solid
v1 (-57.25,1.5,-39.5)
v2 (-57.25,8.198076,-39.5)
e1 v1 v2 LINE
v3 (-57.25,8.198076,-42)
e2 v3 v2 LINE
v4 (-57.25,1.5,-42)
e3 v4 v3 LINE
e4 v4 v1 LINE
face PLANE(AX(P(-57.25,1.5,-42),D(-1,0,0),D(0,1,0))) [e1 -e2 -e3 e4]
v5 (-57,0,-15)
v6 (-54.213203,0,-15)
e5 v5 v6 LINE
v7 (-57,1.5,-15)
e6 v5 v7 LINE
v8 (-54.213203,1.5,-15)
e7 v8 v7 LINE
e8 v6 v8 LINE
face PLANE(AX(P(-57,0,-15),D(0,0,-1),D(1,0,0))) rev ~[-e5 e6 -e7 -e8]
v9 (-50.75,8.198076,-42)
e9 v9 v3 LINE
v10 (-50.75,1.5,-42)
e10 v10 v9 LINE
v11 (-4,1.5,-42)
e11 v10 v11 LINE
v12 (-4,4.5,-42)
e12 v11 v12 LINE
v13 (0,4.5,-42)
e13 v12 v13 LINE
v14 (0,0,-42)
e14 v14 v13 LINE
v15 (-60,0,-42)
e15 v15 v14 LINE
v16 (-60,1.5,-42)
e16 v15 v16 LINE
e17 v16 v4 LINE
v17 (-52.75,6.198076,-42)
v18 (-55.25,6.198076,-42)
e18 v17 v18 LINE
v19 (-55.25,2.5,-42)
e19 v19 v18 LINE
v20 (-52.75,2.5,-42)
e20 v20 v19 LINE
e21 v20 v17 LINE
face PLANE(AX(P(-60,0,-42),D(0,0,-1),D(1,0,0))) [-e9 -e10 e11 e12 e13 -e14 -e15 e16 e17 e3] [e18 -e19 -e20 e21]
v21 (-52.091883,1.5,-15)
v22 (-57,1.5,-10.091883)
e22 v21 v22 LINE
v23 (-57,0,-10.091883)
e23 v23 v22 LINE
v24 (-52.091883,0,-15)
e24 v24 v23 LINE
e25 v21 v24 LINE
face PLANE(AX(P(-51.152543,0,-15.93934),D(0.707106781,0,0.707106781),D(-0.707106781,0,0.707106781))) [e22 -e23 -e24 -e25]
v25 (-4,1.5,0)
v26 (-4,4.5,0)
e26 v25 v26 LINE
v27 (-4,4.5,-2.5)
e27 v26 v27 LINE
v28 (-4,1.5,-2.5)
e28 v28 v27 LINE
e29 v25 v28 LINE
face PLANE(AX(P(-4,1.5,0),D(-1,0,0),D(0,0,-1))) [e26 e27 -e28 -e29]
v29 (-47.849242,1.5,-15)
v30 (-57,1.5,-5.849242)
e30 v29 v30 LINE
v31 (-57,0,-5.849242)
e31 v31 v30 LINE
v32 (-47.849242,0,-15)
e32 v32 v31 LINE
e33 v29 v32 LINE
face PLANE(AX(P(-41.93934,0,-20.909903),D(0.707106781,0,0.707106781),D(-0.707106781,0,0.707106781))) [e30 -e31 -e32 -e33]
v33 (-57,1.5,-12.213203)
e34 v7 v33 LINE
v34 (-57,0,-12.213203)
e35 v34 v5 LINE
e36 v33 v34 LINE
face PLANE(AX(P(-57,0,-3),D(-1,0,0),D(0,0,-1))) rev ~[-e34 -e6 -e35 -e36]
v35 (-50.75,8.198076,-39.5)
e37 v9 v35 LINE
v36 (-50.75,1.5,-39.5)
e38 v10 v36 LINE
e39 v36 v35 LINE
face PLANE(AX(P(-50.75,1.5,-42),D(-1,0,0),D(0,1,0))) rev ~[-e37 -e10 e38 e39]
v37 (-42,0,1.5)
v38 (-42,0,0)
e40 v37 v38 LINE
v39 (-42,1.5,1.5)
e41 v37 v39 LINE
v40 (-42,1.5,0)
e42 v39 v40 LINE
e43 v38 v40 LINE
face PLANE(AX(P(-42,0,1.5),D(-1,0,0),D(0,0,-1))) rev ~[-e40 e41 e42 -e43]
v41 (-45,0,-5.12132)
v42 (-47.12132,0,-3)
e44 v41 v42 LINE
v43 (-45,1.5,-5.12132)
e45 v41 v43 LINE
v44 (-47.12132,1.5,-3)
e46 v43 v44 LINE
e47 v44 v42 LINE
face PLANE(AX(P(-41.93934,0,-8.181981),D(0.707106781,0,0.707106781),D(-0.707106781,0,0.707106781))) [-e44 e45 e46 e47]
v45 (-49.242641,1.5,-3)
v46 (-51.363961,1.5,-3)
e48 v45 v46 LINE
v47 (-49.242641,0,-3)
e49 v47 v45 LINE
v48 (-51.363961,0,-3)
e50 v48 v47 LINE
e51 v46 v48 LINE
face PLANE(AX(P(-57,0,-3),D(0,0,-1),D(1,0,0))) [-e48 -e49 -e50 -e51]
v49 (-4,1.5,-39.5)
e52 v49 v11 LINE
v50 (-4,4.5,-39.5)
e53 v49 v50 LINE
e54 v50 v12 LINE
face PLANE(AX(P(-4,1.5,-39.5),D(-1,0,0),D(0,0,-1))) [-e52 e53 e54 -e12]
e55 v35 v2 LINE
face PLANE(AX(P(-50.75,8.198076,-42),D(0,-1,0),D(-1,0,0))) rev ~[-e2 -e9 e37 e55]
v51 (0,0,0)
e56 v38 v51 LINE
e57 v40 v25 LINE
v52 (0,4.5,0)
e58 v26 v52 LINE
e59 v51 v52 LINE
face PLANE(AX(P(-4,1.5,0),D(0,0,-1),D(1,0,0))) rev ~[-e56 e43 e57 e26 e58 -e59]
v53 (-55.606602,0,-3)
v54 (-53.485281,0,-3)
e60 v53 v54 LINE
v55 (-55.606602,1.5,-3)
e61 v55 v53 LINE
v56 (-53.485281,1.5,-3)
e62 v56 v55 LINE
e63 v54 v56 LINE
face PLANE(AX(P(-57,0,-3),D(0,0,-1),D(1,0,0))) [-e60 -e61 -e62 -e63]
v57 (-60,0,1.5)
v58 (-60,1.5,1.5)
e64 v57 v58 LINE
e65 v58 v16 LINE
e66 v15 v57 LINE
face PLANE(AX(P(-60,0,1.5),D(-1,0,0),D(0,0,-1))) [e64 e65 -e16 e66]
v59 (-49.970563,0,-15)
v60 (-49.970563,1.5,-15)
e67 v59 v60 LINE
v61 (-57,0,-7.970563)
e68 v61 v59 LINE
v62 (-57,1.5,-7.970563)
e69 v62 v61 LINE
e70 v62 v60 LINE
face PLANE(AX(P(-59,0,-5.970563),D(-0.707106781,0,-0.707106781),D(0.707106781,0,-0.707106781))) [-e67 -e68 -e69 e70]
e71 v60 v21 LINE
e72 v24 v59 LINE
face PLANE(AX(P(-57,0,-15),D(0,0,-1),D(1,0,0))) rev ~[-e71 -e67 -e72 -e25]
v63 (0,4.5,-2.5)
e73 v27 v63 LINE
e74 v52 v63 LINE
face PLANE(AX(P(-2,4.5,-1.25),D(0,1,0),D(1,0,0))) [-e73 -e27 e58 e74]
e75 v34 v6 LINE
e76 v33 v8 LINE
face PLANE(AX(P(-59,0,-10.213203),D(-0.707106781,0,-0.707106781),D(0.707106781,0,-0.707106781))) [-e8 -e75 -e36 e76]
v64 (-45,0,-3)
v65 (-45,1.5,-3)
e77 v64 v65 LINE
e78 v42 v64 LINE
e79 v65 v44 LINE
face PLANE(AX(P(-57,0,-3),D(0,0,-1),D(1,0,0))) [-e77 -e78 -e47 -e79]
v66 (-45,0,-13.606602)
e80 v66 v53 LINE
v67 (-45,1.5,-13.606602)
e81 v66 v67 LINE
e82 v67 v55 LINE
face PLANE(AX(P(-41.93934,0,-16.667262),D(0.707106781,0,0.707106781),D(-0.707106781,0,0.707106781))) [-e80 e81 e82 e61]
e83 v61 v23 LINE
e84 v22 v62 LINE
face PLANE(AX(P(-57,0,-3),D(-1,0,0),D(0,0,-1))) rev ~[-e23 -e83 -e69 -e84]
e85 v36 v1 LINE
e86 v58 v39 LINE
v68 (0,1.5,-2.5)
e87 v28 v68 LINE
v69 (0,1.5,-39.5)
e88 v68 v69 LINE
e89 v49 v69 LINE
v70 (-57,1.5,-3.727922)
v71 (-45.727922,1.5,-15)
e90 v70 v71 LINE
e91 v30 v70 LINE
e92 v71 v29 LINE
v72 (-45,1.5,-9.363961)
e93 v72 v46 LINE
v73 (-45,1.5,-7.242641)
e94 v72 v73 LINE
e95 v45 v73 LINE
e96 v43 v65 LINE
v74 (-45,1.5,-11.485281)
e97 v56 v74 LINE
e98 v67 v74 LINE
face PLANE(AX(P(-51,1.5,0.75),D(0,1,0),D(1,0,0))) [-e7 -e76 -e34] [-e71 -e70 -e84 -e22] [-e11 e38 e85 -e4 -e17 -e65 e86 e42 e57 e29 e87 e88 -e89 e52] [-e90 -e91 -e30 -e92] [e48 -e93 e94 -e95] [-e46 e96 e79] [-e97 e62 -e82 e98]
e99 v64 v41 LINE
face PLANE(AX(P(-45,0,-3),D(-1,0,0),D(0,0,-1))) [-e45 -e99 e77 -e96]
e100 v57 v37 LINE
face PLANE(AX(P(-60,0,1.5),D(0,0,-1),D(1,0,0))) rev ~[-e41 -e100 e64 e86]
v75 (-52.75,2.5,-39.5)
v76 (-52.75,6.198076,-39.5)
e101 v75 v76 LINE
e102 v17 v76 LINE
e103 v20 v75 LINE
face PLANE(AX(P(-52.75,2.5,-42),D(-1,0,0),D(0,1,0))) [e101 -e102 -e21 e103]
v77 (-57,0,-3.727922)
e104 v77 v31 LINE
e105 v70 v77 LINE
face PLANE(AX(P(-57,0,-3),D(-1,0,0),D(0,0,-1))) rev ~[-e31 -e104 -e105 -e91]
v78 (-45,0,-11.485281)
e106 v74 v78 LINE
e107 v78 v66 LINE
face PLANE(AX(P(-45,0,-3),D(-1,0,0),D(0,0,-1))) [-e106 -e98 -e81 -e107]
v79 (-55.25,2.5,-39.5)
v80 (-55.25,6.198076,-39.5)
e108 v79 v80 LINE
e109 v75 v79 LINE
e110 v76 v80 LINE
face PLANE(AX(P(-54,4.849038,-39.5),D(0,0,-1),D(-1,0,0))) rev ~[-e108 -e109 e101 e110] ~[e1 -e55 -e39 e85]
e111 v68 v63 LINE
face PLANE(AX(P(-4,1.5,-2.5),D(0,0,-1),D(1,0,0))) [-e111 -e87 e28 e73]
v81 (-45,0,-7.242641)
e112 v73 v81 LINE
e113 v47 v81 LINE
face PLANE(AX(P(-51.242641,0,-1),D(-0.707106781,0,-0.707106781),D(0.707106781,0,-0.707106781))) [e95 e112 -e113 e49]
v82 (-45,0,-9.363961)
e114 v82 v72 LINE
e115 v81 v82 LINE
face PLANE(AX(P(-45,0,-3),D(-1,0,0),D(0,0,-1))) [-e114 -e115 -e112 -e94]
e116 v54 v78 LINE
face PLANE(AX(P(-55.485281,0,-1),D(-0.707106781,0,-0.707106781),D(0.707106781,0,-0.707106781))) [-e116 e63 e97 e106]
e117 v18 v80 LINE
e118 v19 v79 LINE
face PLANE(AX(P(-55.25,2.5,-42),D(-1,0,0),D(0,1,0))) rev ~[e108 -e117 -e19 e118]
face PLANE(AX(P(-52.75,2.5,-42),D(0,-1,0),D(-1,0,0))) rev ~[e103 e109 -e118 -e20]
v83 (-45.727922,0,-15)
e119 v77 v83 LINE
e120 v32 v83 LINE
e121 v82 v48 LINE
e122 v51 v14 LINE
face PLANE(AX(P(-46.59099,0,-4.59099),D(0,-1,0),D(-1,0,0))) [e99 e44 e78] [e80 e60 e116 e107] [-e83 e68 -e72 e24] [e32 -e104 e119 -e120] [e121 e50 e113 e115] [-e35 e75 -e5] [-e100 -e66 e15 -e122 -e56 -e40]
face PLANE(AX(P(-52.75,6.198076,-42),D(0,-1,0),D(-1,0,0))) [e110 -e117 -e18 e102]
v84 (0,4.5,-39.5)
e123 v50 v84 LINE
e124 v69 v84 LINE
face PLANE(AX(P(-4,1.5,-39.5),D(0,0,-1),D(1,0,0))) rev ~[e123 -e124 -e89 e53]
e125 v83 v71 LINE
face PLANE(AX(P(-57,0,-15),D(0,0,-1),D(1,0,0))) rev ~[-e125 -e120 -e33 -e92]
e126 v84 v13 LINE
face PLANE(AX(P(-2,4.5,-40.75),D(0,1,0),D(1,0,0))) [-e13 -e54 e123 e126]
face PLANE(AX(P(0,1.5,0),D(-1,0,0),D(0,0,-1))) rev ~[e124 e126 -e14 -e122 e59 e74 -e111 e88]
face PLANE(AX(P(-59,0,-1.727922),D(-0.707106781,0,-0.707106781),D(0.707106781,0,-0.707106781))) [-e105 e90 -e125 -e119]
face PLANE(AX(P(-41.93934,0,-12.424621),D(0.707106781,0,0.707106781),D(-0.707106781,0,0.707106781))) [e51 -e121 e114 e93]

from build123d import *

# Parameters (mm, degrees)
SKETCH_1_W          = 60
SKETCH_1_H          = 42
EXTRUDE_1_DEPTH     = 1.5
SKETCH_2_W          = 18
SKETCH_2_H          = 1.5
EXTRUDE_2_DEPTH     = 1.5
SKETCH_3_W          = 12
SKETCH_3_H          = 12
CUT_EXTRUDE_1_DEPTH = 74.254692682
EXTRUDE_1_2_DEPTH   = 1.5
SKETCH_5_W          = 6.5
SKETCH_5_H          = 6.698076211
SKETCH_5_W_2        = 2.5
SKETCH_5_H_2        = 3.698076211
EXTRUDE_3_DEPTH     = 2.5
SKETCH_7_W          = 4
SKETCH_7_H          = 2.5
EXTRUDE_4_DEPTH     = 3


with BuildPart() as part:
    # Эскиз1 → Extrude 1 (new body)
    with BuildSketch(Plane(origin=(0, 0, 0), x_dir=(1, 0, 0), z_dir=(0, 1, 0))):
        with Locations((-30, 21)):
            Rectangle(SKETCH_1_W, SKETCH_1_H)
    extrude(amount=EXTRUDE_1_DEPTH)

    # Эскиз2 → Бобышка-Вытянуть2 (add, through all)
    with BuildSketch(Plane(origin=(0, 0, 0), x_dir=(1, 0, 0), z_dir=(0, 1, 0))):
        with Locations((-51, -0.75)):
            Rectangle(SKETCH_2_W, SKETCH_2_H)
    extrude(amount=EXTRUDE_2_DEPTH)

    # Эскиз3 → Вырез-Вытянуть1 (cut, through all)
    with BuildSketch(Plane(origin=(0, 0, 0), x_dir=(1, 0, 0), z_dir=(0, 1, 0))):
        with Locations((-51, 9)):
            Rectangle(SKETCH_3_W, SKETCH_3_H)
    extrude(amount=CUT_EXTRUDE_1_DEPTH, mode=Mode.SUBTRACT)

    # Эскиз4 → Extrude 1 2 (add, through all)
    with BuildSketch(Plane(origin=(0, 0, 0), x_dir=(1, 0, 0), z_dir=(0, 1, 0))):
        Polygon((-51.242640687, 1), (-43, 9.242640687), (-41.939339828, 8.181980515), (-50.181980515, -0.060660172), align=None)
        Polygon((-55.485281374, 1), (-43, 13.485281374), (-41.939339828, 12.424621202), (-54.424621202, -0.060660172), align=None)
        Polygon((-59, 1.727922061), (-43, 17.727922061), (-41.939339828, 16.66726189), (-57.939339828, 0.66726189), align=None)
        Polygon((-59, 5.970562748), (-43, 21.970562748), (-41.939339828, 20.909902577), (-57.939339828, 4.909902577), align=None)
        Polygon((-59, 10.213203436), (-52.213203436, 17), (-51.152543264, 15.939339828), (-57.939339828, 9.152543264), align=None)
    extrude(amount=EXTRUDE_1_2_DEPTH)

    # Эскиз5 → Бобышка-Вытянуть3 (add)
    with BuildSketch(Plane(origin=(0, 0, -42), x_dir=(-1, 0, 0), z_dir=(0, 0, -1))):
        with Locations((54, 4.849038106)):
            Rectangle(SKETCH_5_W, SKETCH_5_H)
        with Locations((54, 4.349038106)):
            Rectangle(SKETCH_5_W_2, SKETCH_5_H_2, mode=Mode.SUBTRACT)
    extrude(amount=-EXTRUDE_3_DEPTH)

    # Эскиз7 → Бобышка-Вытянуть4 (add)
    with BuildSketch(Plane(origin=(0, 1.5, 0), x_dir=(1, 0, 0), z_dir=(0, 1, 0))):
        with Locations((-2, 1.25)):
            Rectangle(SKETCH_7_W, SKETCH_7_H)
        with Locations((-2, 40.75)):
            Rectangle(SKETCH_7_W, SKETCH_7_H)
    extrude(amount=EXTRUDE_4_DEPTH)


solid = part.part
